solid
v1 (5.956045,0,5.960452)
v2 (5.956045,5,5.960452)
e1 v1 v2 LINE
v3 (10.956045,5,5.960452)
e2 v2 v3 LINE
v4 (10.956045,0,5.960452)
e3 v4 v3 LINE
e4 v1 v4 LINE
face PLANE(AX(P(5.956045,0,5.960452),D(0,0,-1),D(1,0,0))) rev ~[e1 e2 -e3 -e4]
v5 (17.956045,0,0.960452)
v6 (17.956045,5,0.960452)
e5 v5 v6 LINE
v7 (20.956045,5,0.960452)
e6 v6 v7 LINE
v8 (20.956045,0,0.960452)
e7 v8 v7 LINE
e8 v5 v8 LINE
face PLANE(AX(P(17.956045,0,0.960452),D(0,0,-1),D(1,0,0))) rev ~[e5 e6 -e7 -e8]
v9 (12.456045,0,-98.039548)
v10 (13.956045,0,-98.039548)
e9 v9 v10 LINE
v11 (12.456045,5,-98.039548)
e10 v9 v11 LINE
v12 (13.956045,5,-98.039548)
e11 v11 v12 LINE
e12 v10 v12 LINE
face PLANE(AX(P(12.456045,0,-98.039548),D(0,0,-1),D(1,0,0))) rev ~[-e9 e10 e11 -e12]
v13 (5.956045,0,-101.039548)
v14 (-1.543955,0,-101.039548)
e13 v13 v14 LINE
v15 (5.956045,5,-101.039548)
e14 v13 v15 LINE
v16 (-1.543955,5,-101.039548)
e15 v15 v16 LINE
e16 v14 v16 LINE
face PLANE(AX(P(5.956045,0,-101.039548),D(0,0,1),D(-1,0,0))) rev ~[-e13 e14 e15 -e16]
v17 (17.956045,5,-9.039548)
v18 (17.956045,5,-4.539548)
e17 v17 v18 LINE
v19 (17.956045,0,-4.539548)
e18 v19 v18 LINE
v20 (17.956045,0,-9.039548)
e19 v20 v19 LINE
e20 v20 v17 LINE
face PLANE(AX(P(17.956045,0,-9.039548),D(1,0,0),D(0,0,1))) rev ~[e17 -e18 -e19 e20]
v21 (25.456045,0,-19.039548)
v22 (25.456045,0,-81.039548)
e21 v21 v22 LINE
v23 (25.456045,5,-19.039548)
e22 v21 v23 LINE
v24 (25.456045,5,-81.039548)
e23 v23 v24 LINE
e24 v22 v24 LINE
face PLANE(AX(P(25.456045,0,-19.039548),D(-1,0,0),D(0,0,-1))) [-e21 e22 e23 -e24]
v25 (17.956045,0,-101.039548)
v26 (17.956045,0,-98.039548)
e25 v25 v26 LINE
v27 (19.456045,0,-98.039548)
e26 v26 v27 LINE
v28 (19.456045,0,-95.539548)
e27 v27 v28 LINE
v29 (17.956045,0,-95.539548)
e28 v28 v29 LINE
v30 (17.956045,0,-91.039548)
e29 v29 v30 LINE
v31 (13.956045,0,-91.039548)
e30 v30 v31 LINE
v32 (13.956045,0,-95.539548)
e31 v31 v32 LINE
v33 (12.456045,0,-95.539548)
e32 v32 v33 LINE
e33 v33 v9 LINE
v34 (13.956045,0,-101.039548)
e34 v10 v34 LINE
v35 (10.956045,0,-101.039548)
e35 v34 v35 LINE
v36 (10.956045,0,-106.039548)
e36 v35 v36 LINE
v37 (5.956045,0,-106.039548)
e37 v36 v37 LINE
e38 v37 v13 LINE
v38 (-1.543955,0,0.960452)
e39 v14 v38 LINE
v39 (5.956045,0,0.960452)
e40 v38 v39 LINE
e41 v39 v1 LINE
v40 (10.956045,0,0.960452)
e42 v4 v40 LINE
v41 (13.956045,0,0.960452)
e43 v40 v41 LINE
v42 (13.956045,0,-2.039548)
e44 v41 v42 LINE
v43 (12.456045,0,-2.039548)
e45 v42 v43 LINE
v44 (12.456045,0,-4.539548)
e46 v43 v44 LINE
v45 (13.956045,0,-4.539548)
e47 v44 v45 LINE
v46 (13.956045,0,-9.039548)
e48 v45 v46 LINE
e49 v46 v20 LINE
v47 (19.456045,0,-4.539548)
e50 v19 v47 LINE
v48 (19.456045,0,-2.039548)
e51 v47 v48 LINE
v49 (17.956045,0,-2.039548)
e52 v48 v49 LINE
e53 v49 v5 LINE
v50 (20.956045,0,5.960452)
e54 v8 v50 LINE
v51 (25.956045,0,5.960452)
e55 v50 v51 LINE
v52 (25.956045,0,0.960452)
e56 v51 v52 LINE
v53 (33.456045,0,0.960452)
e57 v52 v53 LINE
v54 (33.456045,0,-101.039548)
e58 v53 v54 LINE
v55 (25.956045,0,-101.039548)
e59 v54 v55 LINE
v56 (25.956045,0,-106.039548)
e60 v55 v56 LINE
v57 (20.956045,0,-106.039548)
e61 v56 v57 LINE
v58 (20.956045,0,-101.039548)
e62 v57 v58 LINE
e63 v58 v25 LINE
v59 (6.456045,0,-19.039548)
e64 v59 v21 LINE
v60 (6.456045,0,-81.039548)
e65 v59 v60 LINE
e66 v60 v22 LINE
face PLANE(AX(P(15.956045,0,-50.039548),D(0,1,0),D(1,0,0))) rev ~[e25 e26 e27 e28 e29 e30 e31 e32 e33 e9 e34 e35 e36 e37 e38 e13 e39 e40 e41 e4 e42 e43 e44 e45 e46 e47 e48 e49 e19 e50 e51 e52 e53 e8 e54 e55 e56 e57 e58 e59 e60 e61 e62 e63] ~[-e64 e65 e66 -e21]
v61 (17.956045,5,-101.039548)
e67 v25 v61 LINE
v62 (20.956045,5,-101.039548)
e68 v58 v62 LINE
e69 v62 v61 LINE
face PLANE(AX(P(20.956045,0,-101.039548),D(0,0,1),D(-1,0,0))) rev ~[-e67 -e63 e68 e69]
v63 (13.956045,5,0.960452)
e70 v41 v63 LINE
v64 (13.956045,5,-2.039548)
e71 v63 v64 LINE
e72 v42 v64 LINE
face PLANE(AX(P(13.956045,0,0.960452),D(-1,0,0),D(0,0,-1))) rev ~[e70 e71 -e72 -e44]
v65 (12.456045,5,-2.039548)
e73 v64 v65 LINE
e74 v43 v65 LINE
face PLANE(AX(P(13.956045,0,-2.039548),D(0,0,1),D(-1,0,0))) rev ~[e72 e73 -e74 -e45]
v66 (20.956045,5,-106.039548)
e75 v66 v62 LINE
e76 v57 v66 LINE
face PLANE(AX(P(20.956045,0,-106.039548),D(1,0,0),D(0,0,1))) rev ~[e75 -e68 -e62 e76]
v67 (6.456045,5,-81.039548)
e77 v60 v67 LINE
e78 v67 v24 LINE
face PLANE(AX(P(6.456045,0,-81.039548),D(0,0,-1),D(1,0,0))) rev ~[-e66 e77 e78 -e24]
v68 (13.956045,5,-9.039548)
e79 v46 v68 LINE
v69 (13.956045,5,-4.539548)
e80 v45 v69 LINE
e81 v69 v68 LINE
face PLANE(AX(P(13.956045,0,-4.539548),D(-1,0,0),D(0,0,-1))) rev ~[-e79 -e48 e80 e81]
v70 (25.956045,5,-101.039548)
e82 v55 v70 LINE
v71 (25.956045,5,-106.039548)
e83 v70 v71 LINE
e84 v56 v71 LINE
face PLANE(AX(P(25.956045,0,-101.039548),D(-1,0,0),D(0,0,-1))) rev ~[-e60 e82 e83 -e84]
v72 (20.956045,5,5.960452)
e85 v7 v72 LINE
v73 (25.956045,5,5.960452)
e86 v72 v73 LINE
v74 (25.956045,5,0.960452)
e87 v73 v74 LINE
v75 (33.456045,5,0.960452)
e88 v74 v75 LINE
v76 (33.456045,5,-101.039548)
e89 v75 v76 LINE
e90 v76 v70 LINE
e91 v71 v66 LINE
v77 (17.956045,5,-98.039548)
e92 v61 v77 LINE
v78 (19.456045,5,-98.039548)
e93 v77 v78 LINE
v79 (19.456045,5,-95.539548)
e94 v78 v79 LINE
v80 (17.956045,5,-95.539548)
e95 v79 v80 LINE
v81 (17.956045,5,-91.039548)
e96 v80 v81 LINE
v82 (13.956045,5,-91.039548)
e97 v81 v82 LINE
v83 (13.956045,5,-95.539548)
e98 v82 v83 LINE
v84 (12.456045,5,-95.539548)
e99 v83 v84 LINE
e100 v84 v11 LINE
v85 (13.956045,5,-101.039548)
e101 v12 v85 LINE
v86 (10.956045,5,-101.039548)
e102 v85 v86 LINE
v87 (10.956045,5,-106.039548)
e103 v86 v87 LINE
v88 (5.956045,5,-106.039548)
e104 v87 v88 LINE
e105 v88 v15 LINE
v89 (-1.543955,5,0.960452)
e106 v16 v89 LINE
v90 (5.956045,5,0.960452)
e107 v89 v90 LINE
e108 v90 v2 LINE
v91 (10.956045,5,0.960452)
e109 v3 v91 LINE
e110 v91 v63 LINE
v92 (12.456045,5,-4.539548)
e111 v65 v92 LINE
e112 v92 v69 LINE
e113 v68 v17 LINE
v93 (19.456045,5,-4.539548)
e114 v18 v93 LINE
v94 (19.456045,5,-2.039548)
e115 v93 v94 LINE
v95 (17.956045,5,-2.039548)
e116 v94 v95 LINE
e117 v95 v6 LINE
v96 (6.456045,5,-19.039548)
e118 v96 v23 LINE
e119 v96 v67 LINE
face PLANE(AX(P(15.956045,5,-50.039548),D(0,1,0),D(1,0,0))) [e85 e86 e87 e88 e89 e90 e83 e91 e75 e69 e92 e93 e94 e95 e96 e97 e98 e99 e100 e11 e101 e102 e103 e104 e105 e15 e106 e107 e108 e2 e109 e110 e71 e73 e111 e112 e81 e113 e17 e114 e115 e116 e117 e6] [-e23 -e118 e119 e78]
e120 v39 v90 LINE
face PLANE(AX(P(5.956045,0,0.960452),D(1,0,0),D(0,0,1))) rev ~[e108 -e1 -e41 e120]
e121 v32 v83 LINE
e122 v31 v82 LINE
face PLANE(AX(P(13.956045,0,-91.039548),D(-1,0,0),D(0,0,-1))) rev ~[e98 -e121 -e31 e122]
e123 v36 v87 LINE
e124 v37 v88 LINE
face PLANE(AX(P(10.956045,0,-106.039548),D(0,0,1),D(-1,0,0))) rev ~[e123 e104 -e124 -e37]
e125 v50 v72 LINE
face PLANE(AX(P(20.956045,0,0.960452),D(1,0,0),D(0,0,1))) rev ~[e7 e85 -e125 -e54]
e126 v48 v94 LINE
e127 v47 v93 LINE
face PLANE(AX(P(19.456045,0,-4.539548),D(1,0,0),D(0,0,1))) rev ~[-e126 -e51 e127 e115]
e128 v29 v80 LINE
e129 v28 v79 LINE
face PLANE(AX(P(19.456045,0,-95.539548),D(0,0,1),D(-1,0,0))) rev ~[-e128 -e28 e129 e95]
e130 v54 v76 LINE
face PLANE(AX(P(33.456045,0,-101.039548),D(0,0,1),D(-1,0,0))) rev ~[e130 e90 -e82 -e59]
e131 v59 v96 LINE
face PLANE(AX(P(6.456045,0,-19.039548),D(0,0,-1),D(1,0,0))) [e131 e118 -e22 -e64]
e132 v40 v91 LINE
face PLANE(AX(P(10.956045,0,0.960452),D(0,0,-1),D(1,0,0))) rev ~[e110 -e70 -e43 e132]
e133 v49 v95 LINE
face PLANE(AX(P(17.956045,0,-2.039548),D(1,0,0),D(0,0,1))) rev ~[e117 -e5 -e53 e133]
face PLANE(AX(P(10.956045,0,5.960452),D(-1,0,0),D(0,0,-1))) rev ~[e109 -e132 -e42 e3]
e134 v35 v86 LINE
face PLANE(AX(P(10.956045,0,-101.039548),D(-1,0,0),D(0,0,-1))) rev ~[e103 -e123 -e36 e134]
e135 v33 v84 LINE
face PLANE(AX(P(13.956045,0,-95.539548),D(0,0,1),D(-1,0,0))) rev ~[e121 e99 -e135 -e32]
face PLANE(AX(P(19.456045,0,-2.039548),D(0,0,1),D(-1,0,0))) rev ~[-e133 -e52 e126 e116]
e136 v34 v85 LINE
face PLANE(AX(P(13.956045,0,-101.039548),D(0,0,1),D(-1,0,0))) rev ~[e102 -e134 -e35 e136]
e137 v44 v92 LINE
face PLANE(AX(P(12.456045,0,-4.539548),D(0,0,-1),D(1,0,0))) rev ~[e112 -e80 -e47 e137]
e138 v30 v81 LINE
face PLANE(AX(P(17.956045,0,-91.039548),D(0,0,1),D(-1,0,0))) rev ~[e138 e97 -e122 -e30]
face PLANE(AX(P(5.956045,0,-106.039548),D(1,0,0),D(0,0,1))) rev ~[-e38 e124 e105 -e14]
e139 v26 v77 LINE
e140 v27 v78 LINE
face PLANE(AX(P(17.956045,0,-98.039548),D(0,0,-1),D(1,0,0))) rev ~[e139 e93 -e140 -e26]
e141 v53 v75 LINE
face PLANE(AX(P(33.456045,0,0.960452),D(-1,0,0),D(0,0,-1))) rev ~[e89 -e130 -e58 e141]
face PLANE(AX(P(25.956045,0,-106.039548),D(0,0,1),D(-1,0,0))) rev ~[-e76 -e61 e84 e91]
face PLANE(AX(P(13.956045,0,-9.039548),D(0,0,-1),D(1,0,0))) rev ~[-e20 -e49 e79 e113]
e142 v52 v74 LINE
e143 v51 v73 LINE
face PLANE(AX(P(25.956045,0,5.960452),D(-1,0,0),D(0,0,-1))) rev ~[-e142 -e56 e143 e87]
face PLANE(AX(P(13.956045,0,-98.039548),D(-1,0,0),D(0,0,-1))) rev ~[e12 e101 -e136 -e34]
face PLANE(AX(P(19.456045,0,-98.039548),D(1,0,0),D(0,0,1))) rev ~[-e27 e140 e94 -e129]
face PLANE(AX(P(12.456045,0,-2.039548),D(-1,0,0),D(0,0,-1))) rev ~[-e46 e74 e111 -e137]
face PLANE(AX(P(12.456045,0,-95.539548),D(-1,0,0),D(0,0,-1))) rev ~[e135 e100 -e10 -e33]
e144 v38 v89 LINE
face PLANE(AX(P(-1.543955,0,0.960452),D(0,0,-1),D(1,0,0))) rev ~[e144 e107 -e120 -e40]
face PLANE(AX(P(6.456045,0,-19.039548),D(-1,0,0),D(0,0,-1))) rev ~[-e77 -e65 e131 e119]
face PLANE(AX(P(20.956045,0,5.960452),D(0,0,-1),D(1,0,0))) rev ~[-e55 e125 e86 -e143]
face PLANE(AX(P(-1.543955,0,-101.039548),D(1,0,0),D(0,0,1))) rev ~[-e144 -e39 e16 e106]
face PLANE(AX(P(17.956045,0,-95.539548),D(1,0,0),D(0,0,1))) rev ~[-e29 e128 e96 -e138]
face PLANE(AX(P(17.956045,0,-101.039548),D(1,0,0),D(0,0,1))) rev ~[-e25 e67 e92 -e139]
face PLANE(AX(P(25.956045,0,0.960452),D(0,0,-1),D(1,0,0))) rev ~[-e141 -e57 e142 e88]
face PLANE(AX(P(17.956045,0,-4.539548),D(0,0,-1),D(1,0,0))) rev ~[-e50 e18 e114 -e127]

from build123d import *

# Parameters (mm, degrees)
SKETCH1_W           = 19
SKETCH1_H           = 62
BOSS_EXTRUDE1_DEPTH = 5


with BuildPart() as part:
    # Sketch1 → Boss-Extrude1 (new body)
    with BuildSketch(Plane(origin=(0, 0, 0), x_dir=(1, 0, 0), z_dir=(0, 1, 0))):
        Polygon((-1.543955144, 19.039548023), (-1.543955144, -0.960451977), (5.956044856, -0.960451977), (5.956044856, -5.960451977), (10.956044856, -5.960451977), (10.956044856, -0.960451977), (13.956044856, -0.960451977), (13.956044856, 2.039548023), (12.456044856, 2.039548023), (12.456044856, 4.539548023), (13.956044856, 4.539548023), (13.956044856, 9.039548023), (17.956044856, 9.039548023), (17.956044856, 4.539548023), (19.456044856, 4.539548023), (19.456044856, 2.039548023), (17.956044856, 2.039548023), (17.956044856, -0.960451977), (20.956044856, -0.960451977), (20.956044856, -5.960451977), (25.956044856, -5.960451977), (25.956044856, -0.960451977), (33.456044856, -0.960451977), (33.456044856, 19.039548023), (33.456044856, 81.039548023), (33.456044856, 101.039548023), (25.956044856, 101.039548023), (25.956044856, 106.039548023), (20.956044856, 106.039548023), (20.956044856, 101.039548023), (17.956044856, 101.039548023), (17.956044856, 98.039548023), (19.456044856, 98.039548023), (19.456044856, 95.539548023), (17.956044856, 95.539548023), (17.956044856, 91.039548023), (13.956044856, 91.039548023), (13.956044856, 95.539548023), (12.456044856, 95.539548023), (12.456044856, 98.039548023), (13.956044856, 98.039548023), (13.956044856, 101.039548023), (10.956044856, 101.039548023), (10.956044856, 106.039548023), (5.956044856, 106.039548023), (5.956044856, 101.039548023), (-1.543955144, 101.039548023), (-1.543955144, 81.039548023), align=None)
        with Locations((15.956044856, 50.039548023)):
            Rectangle(SKETCH1_W, SKETCH1_H, mode=Mode.SUBTRACT)
    extrude(amount=BOSS_EXTRUDE1_DEPTH)


solid = part.part
